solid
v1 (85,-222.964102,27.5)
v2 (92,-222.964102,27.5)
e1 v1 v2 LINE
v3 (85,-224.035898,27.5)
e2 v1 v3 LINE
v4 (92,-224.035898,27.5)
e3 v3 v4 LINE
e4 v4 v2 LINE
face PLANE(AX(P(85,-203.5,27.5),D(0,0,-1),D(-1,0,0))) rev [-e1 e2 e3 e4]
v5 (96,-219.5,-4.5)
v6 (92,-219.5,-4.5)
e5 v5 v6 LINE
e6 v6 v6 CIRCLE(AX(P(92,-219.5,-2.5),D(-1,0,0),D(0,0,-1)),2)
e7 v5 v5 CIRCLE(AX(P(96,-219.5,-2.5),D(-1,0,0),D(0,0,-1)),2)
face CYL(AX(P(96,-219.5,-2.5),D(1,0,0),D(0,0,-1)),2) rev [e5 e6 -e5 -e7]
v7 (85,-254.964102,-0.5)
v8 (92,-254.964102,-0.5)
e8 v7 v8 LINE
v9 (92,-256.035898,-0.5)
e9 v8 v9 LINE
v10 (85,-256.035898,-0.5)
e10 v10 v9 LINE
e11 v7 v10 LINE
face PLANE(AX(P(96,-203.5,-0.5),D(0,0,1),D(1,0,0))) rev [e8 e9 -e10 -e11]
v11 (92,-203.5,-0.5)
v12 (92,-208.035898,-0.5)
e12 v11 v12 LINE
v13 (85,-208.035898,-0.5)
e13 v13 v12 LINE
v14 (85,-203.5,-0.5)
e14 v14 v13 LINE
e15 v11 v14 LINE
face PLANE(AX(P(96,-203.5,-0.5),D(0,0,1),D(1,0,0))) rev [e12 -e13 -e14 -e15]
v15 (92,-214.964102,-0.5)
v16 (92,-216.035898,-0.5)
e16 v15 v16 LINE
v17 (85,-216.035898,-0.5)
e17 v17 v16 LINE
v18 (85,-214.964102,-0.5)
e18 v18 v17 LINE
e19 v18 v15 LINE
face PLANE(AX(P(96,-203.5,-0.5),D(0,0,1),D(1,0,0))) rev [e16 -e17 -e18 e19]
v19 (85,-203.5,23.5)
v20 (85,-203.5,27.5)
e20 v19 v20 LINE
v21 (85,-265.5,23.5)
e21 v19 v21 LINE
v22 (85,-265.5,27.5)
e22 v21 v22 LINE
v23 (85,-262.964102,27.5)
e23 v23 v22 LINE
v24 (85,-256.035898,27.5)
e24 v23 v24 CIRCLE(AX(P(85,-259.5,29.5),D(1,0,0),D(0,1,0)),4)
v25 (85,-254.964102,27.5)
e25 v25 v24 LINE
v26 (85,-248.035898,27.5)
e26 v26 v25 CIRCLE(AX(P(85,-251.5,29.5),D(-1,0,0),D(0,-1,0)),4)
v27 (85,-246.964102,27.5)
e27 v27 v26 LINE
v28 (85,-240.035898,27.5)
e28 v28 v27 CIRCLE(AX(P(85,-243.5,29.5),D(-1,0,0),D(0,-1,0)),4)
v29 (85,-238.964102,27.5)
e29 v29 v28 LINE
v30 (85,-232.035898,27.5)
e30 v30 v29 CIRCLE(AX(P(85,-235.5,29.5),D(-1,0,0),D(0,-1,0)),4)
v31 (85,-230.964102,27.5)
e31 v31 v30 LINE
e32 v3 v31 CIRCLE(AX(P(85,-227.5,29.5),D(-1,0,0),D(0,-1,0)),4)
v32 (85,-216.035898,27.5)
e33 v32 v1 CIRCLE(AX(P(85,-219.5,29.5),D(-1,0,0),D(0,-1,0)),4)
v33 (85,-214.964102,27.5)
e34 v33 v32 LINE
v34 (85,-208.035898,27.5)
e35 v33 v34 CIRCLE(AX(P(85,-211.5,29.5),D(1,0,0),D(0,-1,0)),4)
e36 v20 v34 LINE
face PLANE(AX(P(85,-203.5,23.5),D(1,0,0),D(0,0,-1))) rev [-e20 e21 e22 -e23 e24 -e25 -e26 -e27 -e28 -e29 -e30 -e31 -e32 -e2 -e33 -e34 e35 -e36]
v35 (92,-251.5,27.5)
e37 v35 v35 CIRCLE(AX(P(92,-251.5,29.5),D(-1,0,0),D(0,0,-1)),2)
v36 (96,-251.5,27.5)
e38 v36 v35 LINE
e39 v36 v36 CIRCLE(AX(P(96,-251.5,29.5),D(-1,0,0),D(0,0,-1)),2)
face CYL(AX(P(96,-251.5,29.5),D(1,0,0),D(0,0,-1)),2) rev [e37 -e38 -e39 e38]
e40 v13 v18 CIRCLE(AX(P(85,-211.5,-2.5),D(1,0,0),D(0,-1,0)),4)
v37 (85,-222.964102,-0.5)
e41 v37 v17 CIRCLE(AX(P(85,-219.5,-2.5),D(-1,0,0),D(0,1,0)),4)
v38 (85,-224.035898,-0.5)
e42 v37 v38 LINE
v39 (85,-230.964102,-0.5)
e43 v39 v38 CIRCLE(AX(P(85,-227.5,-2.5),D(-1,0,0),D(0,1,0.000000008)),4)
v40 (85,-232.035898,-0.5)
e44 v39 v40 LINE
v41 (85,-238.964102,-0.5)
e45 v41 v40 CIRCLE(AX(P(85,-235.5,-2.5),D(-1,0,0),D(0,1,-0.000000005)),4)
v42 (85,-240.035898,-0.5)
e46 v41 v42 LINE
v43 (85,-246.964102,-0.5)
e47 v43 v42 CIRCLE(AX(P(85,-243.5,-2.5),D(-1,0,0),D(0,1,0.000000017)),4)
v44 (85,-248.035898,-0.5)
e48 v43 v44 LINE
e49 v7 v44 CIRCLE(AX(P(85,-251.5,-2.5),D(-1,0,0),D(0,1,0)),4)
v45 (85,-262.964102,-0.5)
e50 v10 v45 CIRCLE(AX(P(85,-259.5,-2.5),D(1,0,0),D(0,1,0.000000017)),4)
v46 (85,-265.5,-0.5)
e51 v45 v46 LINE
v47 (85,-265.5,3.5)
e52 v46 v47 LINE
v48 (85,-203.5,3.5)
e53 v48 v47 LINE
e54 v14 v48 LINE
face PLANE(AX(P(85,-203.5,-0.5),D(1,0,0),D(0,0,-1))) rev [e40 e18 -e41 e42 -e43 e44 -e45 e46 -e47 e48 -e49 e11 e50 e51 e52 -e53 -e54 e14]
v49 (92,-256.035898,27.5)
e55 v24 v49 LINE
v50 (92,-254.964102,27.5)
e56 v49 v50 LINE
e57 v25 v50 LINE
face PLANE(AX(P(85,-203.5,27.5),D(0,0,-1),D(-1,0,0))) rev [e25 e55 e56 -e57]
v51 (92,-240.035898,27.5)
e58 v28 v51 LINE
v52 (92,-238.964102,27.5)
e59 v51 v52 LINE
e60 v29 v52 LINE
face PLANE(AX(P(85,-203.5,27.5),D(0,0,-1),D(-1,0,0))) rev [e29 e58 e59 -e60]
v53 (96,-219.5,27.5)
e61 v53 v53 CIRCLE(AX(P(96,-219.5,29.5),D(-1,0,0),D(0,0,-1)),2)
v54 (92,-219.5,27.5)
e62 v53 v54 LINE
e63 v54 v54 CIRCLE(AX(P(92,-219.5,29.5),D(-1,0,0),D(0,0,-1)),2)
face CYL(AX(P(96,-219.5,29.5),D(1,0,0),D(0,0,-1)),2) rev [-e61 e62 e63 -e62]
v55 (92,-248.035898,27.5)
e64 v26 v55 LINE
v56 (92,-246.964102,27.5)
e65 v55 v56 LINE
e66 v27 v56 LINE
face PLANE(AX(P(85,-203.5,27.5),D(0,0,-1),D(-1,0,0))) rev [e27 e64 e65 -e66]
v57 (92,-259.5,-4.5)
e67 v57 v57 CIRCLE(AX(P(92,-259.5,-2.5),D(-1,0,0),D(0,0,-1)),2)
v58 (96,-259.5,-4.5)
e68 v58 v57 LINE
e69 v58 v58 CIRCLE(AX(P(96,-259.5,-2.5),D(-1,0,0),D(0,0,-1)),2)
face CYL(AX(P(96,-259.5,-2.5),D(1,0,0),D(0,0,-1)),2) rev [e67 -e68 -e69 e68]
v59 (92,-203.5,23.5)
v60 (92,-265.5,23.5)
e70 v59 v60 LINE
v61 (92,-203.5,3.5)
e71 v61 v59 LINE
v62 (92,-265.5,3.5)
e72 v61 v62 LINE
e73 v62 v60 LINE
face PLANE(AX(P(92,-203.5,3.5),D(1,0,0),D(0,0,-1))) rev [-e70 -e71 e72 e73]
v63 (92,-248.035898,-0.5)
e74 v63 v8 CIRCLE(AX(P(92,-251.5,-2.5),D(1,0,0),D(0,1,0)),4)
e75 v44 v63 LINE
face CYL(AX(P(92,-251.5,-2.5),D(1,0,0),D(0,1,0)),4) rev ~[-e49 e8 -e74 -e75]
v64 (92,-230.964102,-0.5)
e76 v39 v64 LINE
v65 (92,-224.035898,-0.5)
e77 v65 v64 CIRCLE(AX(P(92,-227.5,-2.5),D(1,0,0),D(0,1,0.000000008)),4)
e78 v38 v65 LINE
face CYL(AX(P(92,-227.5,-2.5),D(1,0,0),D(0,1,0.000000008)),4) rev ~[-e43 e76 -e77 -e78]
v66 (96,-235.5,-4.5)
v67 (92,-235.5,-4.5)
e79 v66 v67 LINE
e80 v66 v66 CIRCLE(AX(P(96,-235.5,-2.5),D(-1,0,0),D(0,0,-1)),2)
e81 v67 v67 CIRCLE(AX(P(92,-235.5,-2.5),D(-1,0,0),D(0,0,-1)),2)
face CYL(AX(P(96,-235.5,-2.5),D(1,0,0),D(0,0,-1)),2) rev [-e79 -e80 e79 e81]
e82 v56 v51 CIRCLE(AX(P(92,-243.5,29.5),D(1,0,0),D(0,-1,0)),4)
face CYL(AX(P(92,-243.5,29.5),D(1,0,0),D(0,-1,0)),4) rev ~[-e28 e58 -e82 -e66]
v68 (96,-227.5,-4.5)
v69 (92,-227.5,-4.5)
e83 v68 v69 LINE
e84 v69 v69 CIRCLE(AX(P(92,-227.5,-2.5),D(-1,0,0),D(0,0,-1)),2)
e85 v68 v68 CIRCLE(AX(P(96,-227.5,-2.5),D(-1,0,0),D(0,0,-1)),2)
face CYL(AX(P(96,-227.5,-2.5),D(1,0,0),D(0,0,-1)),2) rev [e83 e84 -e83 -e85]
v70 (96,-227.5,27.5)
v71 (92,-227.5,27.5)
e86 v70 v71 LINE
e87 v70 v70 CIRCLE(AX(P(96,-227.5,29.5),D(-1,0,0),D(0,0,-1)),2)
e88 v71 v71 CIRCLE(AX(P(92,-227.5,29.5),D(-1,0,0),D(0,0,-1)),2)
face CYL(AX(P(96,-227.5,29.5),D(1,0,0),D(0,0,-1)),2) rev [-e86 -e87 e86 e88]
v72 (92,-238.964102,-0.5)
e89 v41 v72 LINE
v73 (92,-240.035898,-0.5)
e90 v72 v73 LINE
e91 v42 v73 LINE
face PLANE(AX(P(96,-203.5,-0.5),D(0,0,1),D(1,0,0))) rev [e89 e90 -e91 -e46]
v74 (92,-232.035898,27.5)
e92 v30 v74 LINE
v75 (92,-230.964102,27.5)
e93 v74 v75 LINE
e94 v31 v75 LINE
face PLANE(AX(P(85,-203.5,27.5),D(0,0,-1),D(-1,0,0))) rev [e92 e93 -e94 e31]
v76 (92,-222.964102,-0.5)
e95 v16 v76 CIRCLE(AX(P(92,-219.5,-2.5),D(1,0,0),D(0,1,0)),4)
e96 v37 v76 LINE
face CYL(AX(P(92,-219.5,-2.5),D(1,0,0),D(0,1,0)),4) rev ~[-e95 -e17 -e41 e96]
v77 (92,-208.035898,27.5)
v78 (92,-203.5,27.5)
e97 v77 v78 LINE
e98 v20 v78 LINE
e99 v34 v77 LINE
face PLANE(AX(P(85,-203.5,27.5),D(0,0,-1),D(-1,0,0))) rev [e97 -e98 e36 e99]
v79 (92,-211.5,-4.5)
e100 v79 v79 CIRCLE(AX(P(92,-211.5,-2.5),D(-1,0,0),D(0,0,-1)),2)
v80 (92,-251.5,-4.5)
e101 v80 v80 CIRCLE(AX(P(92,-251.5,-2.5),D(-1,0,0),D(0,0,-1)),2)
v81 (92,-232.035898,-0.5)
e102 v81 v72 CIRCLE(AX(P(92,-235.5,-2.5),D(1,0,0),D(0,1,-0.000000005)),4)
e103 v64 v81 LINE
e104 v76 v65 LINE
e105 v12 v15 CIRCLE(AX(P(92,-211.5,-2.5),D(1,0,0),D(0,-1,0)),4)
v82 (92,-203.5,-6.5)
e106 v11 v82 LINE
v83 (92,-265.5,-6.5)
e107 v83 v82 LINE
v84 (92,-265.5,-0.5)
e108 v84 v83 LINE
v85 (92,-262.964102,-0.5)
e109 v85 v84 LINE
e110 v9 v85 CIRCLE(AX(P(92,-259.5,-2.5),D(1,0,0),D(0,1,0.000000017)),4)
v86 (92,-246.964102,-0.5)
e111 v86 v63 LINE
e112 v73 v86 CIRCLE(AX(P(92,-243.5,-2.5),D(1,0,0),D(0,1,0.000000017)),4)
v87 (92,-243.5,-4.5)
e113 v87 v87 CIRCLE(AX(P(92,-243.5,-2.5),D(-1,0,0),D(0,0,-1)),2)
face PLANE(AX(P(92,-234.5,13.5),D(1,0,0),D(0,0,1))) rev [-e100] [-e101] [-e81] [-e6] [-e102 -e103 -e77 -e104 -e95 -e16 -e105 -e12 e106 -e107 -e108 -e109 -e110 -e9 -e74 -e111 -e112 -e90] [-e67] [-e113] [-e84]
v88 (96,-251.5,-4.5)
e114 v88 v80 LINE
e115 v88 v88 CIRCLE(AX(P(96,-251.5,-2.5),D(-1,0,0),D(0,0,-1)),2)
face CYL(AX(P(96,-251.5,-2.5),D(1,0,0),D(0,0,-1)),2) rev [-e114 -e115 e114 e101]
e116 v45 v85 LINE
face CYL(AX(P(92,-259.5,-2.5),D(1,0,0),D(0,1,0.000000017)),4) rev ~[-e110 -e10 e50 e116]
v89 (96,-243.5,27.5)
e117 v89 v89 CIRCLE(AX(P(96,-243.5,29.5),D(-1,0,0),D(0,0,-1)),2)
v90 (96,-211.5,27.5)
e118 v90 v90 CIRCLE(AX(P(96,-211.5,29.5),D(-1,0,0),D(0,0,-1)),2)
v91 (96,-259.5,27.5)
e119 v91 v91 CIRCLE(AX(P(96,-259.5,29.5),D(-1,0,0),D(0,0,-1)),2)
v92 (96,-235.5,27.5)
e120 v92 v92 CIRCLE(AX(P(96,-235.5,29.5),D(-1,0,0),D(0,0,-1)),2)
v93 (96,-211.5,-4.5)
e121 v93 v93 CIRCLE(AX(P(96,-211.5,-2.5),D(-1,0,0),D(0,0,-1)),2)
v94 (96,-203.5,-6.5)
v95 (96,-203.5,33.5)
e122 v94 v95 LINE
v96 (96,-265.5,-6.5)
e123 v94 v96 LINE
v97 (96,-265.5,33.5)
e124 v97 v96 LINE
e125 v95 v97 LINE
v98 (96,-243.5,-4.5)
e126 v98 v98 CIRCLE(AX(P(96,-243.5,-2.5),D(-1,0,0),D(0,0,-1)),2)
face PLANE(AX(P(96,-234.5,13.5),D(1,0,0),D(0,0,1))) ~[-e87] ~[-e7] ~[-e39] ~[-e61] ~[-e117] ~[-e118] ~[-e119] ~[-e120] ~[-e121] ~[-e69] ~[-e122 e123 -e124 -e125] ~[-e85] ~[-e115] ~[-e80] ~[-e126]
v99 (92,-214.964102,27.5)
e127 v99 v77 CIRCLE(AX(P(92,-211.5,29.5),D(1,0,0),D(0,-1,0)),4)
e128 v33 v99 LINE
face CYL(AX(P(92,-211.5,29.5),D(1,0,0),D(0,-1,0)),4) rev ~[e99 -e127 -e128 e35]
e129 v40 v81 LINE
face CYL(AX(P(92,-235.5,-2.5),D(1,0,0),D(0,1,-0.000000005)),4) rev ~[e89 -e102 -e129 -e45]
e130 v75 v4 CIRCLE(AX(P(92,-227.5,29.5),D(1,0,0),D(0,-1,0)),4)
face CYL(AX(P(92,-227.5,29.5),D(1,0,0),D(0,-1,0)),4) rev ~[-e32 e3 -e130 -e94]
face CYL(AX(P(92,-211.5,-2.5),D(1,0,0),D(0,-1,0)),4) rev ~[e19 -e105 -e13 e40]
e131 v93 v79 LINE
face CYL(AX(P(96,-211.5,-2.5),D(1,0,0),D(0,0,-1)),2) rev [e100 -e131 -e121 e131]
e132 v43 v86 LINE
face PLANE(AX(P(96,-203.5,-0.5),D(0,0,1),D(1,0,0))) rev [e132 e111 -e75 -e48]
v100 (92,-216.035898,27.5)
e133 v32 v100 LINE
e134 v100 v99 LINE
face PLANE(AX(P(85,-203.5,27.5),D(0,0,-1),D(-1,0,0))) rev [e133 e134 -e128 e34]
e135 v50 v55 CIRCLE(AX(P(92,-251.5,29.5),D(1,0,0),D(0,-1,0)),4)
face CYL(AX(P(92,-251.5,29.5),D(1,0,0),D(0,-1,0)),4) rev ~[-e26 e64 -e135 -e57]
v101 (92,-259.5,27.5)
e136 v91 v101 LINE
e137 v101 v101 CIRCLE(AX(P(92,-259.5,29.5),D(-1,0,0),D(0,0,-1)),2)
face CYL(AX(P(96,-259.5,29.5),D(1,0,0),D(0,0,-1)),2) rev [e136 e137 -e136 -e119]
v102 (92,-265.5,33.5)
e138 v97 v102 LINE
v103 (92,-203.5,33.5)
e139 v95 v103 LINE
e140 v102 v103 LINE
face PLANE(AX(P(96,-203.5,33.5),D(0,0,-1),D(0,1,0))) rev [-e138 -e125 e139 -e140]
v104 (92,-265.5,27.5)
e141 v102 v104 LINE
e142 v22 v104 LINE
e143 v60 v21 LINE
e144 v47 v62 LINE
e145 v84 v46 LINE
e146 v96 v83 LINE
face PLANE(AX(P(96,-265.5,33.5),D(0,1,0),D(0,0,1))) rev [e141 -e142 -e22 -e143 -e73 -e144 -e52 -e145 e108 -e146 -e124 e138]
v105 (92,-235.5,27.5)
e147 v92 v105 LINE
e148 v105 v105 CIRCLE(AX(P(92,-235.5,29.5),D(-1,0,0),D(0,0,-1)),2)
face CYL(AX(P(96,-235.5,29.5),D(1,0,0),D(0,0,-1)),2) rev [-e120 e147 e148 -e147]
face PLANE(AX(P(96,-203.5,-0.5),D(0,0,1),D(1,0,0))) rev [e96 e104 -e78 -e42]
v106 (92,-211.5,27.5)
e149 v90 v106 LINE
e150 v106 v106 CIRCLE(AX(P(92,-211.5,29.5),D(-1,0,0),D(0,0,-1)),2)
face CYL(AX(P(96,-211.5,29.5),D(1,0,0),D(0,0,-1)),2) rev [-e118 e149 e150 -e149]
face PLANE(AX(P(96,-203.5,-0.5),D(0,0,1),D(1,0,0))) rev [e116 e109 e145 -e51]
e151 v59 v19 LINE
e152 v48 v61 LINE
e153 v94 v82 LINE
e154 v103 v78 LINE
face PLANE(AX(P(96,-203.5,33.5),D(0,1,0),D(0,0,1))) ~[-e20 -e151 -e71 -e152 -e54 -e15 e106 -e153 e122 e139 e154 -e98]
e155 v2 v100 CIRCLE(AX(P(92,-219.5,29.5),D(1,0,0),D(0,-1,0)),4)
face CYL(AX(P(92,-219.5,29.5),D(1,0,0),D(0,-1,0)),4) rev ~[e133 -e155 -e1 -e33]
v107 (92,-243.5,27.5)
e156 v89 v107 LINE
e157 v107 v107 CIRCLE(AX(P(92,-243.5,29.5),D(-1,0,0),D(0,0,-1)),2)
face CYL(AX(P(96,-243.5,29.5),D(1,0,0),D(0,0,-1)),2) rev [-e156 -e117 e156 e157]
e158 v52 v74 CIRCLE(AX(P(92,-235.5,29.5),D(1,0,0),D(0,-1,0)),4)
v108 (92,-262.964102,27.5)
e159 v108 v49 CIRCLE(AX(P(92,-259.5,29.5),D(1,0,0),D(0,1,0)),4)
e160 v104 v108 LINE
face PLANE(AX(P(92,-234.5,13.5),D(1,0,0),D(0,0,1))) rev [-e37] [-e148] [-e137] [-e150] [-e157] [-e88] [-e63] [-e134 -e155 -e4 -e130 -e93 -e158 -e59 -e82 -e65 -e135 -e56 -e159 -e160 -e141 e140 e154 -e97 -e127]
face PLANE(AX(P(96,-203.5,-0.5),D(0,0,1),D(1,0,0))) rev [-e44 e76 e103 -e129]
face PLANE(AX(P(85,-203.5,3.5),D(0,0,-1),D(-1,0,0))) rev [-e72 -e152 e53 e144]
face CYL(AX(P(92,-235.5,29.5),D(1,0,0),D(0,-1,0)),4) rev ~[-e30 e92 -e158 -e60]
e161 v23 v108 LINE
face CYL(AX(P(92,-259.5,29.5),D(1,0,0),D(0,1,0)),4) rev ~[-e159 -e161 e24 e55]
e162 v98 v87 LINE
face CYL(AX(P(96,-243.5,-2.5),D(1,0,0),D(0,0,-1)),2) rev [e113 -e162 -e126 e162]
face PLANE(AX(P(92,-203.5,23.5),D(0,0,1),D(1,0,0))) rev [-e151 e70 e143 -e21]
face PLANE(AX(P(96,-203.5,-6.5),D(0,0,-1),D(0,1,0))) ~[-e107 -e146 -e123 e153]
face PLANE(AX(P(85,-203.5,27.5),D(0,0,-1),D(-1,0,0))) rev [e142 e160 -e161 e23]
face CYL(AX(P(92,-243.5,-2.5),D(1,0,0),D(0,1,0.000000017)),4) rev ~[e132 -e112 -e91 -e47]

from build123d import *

# Parameters (mm, degrees)
PAD028_DEPTH    = 62
SKETCH049_W     = 40
SKETCH049_H     = 62
PAD029_DEPTH    = 4
SKETCH009_R     = 2
POCKET017_DEPTH = 4
SKETCH010_R     = 4
POCKET018_DEPTH = 7


with BuildPart() as leftmiddle:
    # Sketch048 → Pad028 (new body)
    with BuildSketch(Plane.XZ):
        Polygon((0, 0), (0, 10), (7, 10), (7, 14), (-4, 14), (-4, -14), (7, -14), (7, -10), (0, -10), align=None)
    extrude(amount=PAD028_DEPTH)

    # Sketch049 (on Face4 of Pad028) → Pad029 (join)
    with BuildSketch(Plane(origin=(-4, 0, 0), x_dir=(0, 0, -1), z_dir=(-1, 0, 0))):
        with Locations((0, 31)):
            Rectangle(SKETCH049_W, SKETCH049_H)
    extrude(amount=-PAD029_DEPTH)

    # Sketch009 (on Face14 of Pad029) → Pocket017 (cut)
    with BuildSketch(Plane(origin=(-4, 0, 0), x_dir=(0, 0, -1), z_dir=(-1, 0, 0))):
        with Locations((-16, 8)):
            Circle(SKETCH009_R)
        with Locations((-16, 16)):
            Circle(SKETCH009_R)
        with Locations((-16, 24)):
            Circle(SKETCH009_R)
        with Locations((-16, 32)):
            Circle(SKETCH009_R)
        with Locations((-16, 40)):
            Circle(SKETCH009_R)
        with Locations((-16, 48)):
            Circle(SKETCH009_R)
        with Locations((-16, 56)):
            Circle(SKETCH009_R)
        with Locations((16, 56)):
            Circle(SKETCH009_R)
        with Locations((16, 48)):
            Circle(SKETCH009_R)
        with Locations((16, 40)):
            Circle(SKETCH009_R)
        with Locations((16, 32)):
            Circle(SKETCH009_R)
        with Locations((16, 24)):
            Circle(SKETCH009_R)
        with Locations((16, 16)):
            Circle(SKETCH009_R)
        with Locations((16, 8)):
            Circle(SKETCH009_R)
    extrude(amount=-POCKET017_DEPTH, mode=Mode.SUBTRACT)

    # Sketch010 (on Face14 of Pocket017) → Pocket018 (cut)
    with BuildSketch(Plane(origin=(0, 0, 0), x_dir=(0, 0, 1), z_dir=(1, 0, 0))):
        with Locations((-16, 8)):
            Circle(SKETCH010_R)
        with Locations((-16, 16)):
            Circle(SKETCH010_R)
        with Locations((-16, 24)):
            Circle(SKETCH010_R)
        with Locations((-16, 32)):
            Circle(SKETCH010_R)
        with Locations((-16, 40)):
            Circle(SKETCH010_R)
        with Locations((-16, 48)):
            Circle(SKETCH010_R)
        with Locations((-16, 56)):
            Circle(SKETCH010_R)
        with Locations((16, 56)):
            Circle(SKETCH010_R)
        with Locations((16, 48)):
            Circle(SKETCH010_R)
        with Locations((16, 40)):
            Circle(SKETCH010_R)
        with Locations((16, 32)):
            Circle(SKETCH010_R)
        with Locations((16, 24)):
            Circle(SKETCH010_R)
        with Locations((16, 16)):
            Circle(SKETCH010_R)
        with Locations((16, 8)):
            Circle(SKETCH010_R)
    extrude(amount=POCKET018_DEPTH, mode=Mode.SUBTRACT)


with BuildPart() as leftmiddle_1:
    # Body015 placement: moved
    add(leftmiddle.part.moved(Location((-92, -203.5, 13.5))))


with BuildPart() as rightmiddle:
    # Part__Mirroring005: instance of LeftMiddle
    add(leftmiddle_1.part.mirror(Plane(origin=(0, 0, 0), x_dir=(0, -1, 0), z_dir=(1, 0, 0))))


solid = rightmiddle.part
